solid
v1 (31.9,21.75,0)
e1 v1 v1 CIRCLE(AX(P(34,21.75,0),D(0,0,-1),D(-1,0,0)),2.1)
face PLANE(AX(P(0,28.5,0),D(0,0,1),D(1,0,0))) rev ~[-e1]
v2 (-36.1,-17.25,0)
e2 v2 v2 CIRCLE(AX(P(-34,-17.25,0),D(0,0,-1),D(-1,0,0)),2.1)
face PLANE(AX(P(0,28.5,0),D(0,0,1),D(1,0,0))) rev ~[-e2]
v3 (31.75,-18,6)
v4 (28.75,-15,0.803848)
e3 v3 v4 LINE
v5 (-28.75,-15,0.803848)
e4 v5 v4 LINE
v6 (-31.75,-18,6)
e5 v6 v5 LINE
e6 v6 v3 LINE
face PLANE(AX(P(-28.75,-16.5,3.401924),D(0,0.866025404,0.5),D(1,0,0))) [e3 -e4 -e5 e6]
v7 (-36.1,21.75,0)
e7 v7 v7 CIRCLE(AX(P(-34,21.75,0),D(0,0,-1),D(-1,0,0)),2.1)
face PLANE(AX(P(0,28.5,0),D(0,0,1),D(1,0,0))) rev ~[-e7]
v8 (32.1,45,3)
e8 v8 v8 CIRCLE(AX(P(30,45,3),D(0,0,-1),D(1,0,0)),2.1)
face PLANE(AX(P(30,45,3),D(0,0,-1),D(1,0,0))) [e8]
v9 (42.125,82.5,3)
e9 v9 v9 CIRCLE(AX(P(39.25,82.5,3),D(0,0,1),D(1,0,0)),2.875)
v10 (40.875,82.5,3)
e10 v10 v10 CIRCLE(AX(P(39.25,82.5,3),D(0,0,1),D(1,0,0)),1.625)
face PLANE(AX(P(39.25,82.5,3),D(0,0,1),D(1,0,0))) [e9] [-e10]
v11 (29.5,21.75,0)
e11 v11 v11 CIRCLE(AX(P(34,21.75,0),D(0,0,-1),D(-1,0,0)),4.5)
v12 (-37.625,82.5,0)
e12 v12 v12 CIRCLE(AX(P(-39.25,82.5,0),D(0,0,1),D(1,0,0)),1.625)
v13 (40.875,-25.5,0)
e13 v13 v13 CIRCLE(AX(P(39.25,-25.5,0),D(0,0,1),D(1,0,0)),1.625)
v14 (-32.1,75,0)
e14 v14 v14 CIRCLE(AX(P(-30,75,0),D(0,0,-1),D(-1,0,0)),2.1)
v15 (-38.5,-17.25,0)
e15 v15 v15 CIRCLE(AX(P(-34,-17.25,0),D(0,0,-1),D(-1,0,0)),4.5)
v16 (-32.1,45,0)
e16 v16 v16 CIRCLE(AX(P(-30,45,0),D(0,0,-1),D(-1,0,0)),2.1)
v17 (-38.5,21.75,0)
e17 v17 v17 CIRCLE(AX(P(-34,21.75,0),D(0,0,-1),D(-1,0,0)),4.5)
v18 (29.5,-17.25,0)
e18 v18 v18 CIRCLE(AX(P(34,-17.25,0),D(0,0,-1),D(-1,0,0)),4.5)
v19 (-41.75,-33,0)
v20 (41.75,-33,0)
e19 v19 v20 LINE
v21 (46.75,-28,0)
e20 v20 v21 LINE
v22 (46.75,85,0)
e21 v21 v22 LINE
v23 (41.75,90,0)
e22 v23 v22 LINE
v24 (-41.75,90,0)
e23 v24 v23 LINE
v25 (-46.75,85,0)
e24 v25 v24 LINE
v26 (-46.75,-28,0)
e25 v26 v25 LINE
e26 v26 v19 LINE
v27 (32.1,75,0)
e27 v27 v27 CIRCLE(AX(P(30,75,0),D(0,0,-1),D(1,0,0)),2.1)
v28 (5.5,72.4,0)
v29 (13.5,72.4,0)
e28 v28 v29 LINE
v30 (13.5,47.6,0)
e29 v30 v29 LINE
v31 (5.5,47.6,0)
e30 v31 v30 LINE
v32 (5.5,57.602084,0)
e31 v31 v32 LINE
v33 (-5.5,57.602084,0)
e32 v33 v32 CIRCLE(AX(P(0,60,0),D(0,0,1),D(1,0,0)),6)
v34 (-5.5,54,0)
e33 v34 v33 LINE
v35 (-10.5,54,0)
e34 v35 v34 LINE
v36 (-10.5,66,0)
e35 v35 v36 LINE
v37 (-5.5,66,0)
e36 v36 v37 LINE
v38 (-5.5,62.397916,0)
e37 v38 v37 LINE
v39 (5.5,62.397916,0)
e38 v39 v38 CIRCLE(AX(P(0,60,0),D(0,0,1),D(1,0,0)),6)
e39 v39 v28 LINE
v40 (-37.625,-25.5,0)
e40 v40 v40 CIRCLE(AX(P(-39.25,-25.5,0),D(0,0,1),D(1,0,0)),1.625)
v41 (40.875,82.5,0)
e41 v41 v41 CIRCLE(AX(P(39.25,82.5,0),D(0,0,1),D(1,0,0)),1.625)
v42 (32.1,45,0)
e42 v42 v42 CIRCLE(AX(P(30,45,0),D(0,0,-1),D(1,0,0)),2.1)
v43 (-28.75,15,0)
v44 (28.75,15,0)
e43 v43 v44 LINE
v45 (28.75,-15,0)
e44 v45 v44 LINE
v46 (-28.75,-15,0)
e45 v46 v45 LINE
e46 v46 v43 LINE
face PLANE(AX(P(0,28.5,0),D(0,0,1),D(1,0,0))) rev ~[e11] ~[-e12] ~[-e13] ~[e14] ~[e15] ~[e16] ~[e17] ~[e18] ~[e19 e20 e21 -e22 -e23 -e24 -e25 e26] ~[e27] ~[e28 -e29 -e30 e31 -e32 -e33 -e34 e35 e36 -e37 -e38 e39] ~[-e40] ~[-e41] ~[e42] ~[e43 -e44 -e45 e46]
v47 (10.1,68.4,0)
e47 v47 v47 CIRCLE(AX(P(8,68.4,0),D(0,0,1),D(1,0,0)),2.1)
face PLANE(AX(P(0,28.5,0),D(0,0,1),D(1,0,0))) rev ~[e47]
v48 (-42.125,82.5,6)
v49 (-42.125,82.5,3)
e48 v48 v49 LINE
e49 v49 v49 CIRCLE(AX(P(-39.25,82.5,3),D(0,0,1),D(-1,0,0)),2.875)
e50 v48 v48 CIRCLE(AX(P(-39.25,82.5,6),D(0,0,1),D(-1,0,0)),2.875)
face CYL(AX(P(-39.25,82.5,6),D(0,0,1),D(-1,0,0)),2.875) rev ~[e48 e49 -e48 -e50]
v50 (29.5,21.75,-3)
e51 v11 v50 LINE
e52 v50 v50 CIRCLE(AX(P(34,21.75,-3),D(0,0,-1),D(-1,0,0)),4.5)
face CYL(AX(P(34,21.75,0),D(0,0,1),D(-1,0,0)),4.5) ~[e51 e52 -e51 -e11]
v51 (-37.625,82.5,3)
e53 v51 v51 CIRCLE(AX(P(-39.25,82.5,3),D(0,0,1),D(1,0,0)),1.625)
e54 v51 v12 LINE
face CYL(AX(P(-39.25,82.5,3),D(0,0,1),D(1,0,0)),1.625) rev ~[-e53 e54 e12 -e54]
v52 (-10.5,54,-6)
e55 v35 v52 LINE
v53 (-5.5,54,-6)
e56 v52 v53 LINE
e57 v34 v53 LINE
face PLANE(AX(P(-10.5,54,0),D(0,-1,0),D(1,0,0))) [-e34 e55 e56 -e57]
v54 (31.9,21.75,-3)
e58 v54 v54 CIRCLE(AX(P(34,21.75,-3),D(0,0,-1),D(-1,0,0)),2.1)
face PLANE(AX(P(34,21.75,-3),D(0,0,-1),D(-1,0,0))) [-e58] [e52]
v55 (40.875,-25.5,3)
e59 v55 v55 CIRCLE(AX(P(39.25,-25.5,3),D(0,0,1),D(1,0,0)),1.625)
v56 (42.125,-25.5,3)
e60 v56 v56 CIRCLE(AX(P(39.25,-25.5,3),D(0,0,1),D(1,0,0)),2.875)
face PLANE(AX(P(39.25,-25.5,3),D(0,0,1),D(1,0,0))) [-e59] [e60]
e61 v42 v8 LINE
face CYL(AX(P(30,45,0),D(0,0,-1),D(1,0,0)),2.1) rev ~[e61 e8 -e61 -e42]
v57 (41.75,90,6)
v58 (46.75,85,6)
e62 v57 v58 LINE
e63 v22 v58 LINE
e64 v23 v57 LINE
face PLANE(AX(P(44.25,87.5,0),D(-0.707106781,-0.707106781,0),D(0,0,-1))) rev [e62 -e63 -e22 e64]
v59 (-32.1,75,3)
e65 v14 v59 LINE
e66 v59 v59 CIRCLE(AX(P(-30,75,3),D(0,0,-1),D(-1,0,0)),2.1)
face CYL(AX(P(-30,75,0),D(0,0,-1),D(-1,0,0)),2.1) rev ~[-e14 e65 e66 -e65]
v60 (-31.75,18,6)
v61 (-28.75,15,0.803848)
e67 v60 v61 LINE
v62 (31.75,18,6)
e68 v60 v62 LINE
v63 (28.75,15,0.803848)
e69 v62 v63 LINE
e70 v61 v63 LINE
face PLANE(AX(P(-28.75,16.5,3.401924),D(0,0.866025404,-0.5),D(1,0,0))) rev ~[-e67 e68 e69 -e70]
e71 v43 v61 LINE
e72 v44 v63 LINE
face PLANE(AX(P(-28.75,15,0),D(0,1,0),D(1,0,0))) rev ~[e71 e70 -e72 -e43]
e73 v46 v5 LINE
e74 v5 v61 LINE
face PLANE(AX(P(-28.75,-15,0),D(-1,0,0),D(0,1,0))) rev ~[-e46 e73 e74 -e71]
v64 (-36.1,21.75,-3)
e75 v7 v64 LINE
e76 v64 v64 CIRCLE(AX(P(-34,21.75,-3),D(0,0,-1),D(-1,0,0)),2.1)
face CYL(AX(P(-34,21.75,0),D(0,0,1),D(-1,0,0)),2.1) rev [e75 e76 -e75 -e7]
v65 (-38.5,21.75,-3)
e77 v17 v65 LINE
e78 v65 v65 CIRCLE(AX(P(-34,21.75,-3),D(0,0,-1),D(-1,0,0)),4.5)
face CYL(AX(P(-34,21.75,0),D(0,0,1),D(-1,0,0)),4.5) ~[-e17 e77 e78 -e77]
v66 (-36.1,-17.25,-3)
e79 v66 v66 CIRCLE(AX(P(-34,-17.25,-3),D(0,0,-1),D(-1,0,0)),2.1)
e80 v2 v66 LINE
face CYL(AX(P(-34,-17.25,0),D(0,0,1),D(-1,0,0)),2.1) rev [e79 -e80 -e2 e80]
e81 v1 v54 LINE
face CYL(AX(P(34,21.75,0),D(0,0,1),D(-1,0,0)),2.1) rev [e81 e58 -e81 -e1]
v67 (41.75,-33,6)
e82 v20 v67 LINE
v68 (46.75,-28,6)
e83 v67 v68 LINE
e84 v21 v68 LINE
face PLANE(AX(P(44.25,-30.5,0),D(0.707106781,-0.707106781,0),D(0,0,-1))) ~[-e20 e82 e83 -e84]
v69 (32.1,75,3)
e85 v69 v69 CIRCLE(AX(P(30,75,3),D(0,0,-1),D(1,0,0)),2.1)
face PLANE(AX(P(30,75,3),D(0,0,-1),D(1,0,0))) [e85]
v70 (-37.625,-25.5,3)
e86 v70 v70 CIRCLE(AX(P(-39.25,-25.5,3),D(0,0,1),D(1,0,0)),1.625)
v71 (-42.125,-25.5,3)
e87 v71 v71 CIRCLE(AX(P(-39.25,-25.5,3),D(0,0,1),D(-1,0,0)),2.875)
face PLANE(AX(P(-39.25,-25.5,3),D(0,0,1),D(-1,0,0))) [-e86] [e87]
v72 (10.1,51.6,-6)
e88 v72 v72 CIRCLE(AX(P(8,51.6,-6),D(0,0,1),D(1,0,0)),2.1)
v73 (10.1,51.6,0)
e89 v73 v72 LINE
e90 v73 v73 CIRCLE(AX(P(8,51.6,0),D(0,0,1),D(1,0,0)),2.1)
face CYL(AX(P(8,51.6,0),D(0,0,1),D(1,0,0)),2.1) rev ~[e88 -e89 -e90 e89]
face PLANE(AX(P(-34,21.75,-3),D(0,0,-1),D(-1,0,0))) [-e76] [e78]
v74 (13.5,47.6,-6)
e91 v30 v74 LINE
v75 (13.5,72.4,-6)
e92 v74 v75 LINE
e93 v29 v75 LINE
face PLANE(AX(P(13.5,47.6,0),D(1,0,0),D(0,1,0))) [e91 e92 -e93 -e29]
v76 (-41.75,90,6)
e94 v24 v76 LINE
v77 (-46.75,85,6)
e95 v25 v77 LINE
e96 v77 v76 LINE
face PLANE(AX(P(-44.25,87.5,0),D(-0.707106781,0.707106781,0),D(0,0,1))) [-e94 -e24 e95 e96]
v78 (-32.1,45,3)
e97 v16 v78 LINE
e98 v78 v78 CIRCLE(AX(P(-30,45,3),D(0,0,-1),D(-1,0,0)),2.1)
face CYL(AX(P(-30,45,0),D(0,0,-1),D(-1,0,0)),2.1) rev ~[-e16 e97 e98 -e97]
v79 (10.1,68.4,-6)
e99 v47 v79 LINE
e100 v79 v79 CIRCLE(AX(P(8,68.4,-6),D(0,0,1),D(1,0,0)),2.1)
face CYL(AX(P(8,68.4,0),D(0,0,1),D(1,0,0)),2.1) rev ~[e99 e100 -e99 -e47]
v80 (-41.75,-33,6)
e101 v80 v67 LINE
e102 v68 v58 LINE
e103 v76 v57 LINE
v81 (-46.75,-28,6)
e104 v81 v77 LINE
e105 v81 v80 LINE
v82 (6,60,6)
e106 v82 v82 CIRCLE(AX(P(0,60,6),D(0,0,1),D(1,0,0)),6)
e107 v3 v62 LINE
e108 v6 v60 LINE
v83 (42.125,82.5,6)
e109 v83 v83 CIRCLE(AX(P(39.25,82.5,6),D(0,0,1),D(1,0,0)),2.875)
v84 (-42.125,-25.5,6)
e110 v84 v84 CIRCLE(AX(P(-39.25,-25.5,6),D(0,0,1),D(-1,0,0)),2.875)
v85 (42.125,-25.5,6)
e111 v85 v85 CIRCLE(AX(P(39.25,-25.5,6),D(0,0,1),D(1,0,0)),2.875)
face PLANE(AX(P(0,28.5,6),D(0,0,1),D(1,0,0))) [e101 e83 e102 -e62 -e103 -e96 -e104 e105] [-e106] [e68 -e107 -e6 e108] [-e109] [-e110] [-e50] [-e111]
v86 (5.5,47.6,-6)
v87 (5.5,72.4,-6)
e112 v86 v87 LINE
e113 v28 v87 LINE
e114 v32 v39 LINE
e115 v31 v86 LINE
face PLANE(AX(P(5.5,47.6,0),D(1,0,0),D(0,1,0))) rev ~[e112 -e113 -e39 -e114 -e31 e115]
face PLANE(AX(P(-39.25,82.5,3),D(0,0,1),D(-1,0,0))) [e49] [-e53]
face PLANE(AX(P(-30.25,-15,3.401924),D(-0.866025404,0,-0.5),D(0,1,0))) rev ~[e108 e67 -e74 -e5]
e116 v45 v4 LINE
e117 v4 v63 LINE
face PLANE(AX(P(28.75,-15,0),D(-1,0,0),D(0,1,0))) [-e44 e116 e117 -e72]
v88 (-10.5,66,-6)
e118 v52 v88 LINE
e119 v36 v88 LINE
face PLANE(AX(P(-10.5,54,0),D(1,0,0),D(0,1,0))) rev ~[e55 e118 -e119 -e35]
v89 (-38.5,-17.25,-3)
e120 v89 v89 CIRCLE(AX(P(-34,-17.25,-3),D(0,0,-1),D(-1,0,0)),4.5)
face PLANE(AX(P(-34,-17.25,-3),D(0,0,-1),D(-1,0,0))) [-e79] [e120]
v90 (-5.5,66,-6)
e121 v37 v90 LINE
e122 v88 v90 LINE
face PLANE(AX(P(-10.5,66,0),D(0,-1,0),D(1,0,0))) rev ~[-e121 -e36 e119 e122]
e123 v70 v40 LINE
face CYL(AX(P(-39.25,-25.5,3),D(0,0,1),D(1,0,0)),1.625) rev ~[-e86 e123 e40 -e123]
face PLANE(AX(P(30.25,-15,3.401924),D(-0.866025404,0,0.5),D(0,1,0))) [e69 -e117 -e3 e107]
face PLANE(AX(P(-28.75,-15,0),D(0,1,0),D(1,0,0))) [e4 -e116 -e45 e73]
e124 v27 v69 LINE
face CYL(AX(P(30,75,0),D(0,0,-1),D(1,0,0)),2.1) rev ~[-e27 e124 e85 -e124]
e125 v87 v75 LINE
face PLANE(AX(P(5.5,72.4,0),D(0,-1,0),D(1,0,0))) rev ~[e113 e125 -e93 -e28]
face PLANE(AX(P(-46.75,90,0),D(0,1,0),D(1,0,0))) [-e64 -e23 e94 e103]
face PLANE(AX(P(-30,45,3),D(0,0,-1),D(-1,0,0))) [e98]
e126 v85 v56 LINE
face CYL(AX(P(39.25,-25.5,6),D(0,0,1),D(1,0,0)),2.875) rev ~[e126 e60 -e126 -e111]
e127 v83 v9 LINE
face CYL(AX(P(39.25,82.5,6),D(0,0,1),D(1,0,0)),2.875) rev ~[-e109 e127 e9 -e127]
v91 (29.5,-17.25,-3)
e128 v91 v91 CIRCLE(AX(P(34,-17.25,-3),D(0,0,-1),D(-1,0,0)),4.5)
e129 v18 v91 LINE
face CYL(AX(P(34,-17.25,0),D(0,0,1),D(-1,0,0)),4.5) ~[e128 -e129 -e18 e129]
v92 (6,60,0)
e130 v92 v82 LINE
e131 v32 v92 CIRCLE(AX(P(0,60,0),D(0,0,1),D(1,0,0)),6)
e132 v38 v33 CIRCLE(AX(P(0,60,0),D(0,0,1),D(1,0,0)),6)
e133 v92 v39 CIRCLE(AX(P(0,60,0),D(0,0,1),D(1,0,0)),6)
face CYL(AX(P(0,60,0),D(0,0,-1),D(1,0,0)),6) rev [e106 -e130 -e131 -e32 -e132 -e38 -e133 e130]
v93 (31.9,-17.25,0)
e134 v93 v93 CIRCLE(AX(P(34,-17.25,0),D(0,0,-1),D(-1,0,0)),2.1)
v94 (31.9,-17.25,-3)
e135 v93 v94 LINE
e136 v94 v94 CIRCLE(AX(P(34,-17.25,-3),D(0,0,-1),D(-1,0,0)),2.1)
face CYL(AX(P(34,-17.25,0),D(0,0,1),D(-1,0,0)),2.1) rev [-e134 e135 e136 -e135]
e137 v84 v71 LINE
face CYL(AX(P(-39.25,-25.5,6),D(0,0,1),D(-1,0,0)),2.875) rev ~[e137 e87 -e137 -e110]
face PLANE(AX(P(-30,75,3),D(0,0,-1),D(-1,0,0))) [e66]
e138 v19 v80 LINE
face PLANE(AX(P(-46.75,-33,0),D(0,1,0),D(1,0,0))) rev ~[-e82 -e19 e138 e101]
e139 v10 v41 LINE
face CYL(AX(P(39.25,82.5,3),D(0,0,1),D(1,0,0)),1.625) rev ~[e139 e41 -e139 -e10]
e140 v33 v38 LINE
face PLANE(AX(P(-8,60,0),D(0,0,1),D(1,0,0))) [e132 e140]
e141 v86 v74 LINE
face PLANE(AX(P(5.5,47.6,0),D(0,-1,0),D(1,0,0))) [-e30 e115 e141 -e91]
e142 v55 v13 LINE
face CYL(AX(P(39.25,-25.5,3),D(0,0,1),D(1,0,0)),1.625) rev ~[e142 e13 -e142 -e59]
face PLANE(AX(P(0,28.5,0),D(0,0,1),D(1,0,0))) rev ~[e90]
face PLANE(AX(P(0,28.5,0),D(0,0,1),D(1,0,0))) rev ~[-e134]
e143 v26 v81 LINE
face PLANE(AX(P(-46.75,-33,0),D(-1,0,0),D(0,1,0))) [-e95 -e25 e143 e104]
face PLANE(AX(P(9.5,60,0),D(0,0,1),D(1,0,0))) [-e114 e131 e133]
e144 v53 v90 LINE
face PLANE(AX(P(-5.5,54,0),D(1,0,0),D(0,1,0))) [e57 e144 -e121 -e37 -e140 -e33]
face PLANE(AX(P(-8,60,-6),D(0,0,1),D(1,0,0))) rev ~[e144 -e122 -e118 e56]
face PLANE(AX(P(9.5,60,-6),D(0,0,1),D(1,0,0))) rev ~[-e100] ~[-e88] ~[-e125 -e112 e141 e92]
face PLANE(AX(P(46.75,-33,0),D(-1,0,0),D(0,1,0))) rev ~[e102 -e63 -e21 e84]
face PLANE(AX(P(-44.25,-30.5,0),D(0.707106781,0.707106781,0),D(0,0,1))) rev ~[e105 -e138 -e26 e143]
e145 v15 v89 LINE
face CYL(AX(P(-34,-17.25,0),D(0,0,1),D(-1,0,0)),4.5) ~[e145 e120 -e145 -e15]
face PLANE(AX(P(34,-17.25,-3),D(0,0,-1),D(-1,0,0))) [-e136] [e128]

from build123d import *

# Parameters (mm, degrees)
SKETCH1_W           = 93.5
SKETCH1_H           = 123
SKETCH1_R           = 6
SKETCH1_W_2         = 57.5
SKETCH1_H_2         = 30
BOSS_EXTRUDE1_DEPTH = 6
SKETCH2_R           = 4.5
SKETCH2_R_2         = 2.1
BOSS_EXTRUDE2_DEPTH = 3
CHAMFER2_SIZE       = 5
SKETCH5_R           = 2.875
CUT_EXTRUDE2_DEPTH  = 3
SKETCH6_R           = 1.625
CUT_EXTRUDE3_DEPTH  = 23
SKETCH7_W           = 5
SKETCH7_H           = 12
SKETCH7_W_2         = 8
SKETCH7_H_2         = 24.8
SKETCH7_R           = 2.1
BOSS_EXTRUDE3_DEPTH = 6
CHAMFER3_SIZE       = 3
CHAMFER3_SIZE2      = 5.196152423
SKETCH9_R           = 2.1
CUT_EXTRUDE5_DEPTH  = 3


with BuildPart() as part:
    # Sketch1 → Boss-Extrude1 (new body)
    with BuildSketch(Plane.XY):
        with Locations((0, 28.5)):
            Rectangle(SKETCH1_W, SKETCH1_H)
        with Locations((0, 60)):
            Circle(SKETCH1_R, mode=Mode.SUBTRACT)
        Rectangle(SKETCH1_W_2, SKETCH1_H_2, mode=Mode.SUBTRACT)
    extrude(amount=BOSS_EXTRUDE1_DEPTH)

    # Sketch2 → Boss-Extrude2 (add)
    # profile 1 of 4: a face of its own
    with BuildSketch(Plane(origin=(0, 0, 0), x_dir=(-1, 0, 0), z_dir=(0, 0, -1))):
        with Locations((34, 21.75)):
            Circle(SKETCH2_R)
        with Locations((34, 21.75)):
            Circle(SKETCH2_R_2, mode=Mode.SUBTRACT)
    # profile 2 of 4: a face of its own
    with BuildSketch(Plane(origin=(0, 0, 0), x_dir=(-1, 0, 0), z_dir=(0, 0, -1))):
        with Locations((-34, -17.25)):
            Circle(SKETCH2_R)
        with Locations((-34, -17.25)):
            Circle(SKETCH2_R_2, mode=Mode.SUBTRACT)
    # profile 3 of 4: a face of its own
    with BuildSketch(Plane(origin=(0, 0, 0), x_dir=(-1, 0, 0), z_dir=(0, 0, -1))):
        with Locations((34, -17.25)):
            Circle(SKETCH2_R)
        with Locations((34, -17.25)):
            Circle(SKETCH2_R_2, mode=Mode.SUBTRACT)
    # profile 4 of 4: a face of its own
    with BuildSketch(Plane(origin=(0, 0, 0), x_dir=(-1, 0, 0), z_dir=(0, 0, -1))):
        with Locations((-34, 21.75)):
            Circle(SKETCH2_R)
        with Locations((-34, 21.75)):
            Circle(SKETCH2_R_2, mode=Mode.SUBTRACT)
    extrude(amount=BOSS_EXTRUDE2_DEPTH)

    # Chamfer2
    chamfer2_edges = [part.edges().sort_by_distance(p)[0] for p in [
        (-46.75, 90, 3),
        (46.75, 90, 3),
        (46.75, -33, 3),
        (-46.75, -33, 3),
    ]]
    chamfer(chamfer2_edges, length=CHAMFER2_SIZE)

    # Sketch5 → Cut-Extrude2 (cut)
    with BuildSketch(Plane.XY.offset(6)):
        with Locations((39.25, -25.5)):
            Circle(SKETCH5_R)
        with Locations((39.25, 82.5)):
            Circle(SKETCH5_R)
        with Locations(Location((-39.25, -25.5, 0), (0, 0, 180))):
            Circle(SKETCH5_R)
        with Locations(Location((-39.25, 82.5, 0), (0, 0, 180))):
            Circle(SKETCH5_R)
    extrude(amount=-CUT_EXTRUDE2_DEPTH, mode=Mode.SUBTRACT)

    # Sketch6 → Cut-Extrude3 (cut)
    with BuildSketch(Plane.XY.offset(3)):
        with Locations((39.25, -25.5)):
            Circle(SKETCH6_R)
        with Locations((-39.25, -25.5)):
            Circle(SKETCH6_R)
        with Locations((-39.25, 82.5)):
            Circle(SKETCH6_R)
        with Locations((39.25, 82.5)):
            Circle(SKETCH6_R)
    extrude(amount=-CUT_EXTRUDE3_DEPTH, mode=Mode.SUBTRACT)

    # Sketch7 → Boss-Extrude3 (add)
    # profile 1 of 2: a face of its own
    with BuildSketch(Plane.XY):
        with Locations((-8, 60)):
            Rectangle(SKETCH7_W, SKETCH7_H)
    # profile 2 of 2: a face of its own
    with BuildSketch(Plane.XY):
        with Locations((9.5, 60)):
            Rectangle(SKETCH7_W_2, SKETCH7_H_2)
        with Locations((8, 51.6)):
            Circle(SKETCH7_R, mode=Mode.SUBTRACT)
        with Locations((8, 68.4)):
            Circle(SKETCH7_R, mode=Mode.SUBTRACT)
    extrude(amount=-BOSS_EXTRUDE3_DEPTH)

    # Chamfer3
    chamfer3_edges = [part.edges().sort_by_distance(p)[0] for p in [
        (-28.75, 0, 6),
        (0, -15, 6),
        (28.75, 0, 6),
        (0, 15, 6),
    ]]
    chamfer3_side = [part.faces().sort_by_distance(p)[0] for p in [
        (0, 33.295685128, 6),
    ]]
    chamfer(chamfer3_edges, length=CHAMFER3_SIZE, length2=CHAMFER3_SIZE2, reference=chamfer3_side[0])

    # Sketch9 → Cut-Extrude5 (cut)
    with BuildSketch(Plane(origin=(0, 0, 0), x_dir=(-1, 0, 0), z_dir=(0, 0, -1))):
        with Locations((30, 75)):
            Circle(SKETCH9_R)
        with Locations((30, 45)):
            Circle(SKETCH9_R)
        with Locations(Location((-30, 45, 0), (0, 0, 180))):
            Circle(SKETCH9_R)
        with Locations(Location((-30, 75, 0), (0, 0, 180))):
            Circle(SKETCH9_R)
    extrude(amount=-CUT_EXTRUDE5_DEPTH, mode=Mode.SUBTRACT)


solid = part.part
